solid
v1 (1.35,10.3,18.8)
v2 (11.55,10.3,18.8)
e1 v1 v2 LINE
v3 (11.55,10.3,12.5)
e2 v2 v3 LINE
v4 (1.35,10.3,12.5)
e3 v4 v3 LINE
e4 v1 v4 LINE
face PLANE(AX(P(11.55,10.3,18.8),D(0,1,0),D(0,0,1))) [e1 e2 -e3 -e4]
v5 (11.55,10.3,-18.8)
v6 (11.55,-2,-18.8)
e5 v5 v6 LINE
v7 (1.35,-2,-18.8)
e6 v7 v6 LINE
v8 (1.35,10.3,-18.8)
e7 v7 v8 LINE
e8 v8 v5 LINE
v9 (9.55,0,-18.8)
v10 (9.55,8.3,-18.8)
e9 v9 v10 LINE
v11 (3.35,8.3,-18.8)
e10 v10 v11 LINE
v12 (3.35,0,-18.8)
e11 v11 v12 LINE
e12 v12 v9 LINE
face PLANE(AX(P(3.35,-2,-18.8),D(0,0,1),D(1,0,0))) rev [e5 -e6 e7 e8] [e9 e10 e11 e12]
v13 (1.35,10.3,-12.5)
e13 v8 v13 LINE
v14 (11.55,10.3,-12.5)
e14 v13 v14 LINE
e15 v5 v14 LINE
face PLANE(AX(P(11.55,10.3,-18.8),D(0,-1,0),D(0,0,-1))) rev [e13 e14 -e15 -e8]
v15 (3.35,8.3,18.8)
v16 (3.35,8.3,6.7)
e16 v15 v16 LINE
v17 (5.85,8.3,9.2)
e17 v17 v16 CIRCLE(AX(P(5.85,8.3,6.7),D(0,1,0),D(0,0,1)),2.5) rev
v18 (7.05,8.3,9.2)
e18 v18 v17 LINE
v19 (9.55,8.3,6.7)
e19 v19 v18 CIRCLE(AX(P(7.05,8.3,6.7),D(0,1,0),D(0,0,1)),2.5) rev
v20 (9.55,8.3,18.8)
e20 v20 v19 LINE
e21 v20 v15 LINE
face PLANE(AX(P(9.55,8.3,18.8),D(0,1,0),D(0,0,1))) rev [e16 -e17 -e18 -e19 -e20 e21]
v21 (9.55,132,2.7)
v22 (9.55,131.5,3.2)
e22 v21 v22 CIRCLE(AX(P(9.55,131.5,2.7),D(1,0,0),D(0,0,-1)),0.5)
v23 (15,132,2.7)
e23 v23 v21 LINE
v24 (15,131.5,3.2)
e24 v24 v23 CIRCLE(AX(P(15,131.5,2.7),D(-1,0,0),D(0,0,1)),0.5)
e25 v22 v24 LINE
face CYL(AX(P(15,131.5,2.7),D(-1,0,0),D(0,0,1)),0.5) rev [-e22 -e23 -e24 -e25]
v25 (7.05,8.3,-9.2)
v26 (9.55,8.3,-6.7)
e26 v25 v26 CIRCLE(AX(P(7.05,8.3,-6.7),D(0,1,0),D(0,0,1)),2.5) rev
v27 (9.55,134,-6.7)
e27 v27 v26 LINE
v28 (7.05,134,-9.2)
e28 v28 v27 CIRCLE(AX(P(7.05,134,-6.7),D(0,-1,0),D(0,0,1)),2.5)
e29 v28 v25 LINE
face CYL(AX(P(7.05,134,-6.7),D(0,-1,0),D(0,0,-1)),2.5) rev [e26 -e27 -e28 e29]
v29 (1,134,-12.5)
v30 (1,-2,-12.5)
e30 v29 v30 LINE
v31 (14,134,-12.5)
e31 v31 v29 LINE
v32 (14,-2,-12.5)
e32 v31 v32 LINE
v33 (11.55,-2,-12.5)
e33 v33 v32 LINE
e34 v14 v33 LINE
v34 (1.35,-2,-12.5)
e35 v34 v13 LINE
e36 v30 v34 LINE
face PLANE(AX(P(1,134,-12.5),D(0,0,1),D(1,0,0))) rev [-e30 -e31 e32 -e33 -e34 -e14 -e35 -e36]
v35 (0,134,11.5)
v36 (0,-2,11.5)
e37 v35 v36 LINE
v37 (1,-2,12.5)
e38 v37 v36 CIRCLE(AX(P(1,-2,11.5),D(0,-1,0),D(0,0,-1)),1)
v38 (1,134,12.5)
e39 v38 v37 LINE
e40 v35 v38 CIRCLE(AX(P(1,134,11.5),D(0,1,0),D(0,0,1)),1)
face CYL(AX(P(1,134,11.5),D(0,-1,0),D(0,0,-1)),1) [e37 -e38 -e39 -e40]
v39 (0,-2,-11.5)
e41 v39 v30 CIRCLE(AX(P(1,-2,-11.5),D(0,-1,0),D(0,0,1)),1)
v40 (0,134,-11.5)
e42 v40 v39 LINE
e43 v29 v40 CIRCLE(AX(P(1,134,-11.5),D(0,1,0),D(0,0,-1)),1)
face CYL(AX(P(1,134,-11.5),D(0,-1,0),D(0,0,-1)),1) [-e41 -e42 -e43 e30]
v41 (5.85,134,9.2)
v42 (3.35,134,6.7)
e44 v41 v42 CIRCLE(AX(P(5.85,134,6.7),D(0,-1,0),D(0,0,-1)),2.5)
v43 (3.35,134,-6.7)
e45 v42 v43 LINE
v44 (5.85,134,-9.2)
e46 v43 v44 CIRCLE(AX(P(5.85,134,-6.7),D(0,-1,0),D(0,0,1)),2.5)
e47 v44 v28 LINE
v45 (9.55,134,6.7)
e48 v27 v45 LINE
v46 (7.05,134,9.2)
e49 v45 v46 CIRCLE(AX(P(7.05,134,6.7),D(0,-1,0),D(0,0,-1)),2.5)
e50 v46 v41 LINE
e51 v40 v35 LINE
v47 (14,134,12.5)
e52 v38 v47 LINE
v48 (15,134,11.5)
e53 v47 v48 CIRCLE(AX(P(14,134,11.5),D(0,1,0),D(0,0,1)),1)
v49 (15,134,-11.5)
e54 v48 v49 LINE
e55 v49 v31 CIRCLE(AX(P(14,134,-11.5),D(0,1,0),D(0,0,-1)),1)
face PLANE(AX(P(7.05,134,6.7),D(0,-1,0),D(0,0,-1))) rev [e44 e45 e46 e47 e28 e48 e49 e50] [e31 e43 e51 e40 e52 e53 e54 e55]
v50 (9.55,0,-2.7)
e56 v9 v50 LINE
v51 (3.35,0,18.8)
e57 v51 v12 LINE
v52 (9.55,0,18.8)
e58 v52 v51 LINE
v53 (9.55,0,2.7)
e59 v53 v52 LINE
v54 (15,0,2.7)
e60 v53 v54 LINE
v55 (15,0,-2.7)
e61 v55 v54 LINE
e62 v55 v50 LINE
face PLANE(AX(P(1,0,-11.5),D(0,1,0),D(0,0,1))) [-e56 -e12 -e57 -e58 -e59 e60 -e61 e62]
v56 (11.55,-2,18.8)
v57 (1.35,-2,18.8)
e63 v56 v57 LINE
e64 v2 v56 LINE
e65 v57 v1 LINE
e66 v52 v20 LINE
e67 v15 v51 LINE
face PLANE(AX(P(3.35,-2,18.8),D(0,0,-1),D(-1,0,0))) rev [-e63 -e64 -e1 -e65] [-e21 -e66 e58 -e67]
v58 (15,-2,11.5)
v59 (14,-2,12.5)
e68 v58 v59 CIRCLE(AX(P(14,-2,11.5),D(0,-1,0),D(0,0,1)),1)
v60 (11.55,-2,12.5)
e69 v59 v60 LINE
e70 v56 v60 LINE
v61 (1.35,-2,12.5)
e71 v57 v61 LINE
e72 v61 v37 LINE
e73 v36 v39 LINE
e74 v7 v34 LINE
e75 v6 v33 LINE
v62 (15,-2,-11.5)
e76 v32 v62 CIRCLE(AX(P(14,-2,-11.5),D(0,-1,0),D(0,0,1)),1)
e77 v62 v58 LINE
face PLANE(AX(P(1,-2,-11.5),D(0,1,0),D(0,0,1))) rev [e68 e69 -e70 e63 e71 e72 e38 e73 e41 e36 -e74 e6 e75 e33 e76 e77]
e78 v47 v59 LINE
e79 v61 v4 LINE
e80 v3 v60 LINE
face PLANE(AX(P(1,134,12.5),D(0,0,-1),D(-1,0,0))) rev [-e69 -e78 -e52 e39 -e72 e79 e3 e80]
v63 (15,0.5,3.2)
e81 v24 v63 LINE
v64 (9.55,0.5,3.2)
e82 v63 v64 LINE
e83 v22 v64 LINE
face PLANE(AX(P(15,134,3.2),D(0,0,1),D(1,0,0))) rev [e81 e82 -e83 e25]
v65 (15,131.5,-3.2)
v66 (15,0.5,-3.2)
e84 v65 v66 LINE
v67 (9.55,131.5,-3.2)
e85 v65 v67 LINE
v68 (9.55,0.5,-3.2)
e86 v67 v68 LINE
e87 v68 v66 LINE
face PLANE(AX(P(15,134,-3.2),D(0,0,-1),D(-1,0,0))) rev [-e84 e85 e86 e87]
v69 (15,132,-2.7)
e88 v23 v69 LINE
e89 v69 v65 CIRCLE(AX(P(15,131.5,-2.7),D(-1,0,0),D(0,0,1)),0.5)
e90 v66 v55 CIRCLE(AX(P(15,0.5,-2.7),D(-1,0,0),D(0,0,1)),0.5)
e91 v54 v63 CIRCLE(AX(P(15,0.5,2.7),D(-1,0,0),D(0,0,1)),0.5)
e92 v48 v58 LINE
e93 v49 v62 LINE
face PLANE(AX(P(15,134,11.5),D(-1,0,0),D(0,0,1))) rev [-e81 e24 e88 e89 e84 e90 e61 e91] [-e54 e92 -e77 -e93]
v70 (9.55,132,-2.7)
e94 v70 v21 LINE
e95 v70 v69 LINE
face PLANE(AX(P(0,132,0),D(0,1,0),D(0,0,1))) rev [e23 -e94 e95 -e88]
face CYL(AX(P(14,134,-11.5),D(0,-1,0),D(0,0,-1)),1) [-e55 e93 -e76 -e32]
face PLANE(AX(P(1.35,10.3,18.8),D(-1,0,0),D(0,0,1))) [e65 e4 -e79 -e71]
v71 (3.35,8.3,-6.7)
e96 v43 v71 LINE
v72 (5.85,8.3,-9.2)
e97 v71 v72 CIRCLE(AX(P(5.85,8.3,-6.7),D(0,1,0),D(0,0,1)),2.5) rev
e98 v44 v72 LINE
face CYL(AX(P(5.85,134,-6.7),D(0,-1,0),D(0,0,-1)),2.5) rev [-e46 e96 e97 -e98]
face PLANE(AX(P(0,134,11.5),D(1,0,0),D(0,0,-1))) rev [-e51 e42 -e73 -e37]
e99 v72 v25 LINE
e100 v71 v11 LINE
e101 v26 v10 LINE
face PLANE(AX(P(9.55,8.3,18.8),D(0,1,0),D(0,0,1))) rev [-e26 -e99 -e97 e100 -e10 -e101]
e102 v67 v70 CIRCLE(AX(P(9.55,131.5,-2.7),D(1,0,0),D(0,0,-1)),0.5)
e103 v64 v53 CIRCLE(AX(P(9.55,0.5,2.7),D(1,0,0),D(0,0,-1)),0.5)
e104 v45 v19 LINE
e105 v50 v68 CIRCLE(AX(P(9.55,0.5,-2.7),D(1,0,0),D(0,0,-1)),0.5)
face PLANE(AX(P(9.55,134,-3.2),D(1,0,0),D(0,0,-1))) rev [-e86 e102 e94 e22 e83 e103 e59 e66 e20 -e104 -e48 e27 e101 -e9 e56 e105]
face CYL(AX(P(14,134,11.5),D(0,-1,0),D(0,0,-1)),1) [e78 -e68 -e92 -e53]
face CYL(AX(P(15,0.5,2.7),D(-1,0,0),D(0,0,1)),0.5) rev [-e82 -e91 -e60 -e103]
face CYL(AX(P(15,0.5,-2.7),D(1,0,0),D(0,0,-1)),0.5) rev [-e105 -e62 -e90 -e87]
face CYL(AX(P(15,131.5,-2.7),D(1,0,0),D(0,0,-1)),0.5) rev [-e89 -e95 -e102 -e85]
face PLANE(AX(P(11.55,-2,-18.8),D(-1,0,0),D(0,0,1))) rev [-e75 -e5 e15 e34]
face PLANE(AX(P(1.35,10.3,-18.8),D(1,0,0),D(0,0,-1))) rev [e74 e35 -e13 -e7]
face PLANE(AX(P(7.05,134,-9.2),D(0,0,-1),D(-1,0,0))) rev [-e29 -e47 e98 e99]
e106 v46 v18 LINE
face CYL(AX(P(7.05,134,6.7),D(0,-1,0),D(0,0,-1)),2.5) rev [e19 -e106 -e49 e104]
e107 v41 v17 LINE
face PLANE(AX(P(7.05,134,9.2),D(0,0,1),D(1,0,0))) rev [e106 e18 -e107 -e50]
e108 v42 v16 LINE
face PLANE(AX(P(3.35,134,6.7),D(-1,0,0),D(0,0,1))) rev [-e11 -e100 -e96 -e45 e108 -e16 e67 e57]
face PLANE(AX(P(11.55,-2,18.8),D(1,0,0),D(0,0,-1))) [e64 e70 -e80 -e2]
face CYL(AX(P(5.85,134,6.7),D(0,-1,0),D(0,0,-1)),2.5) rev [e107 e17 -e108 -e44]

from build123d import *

# Parameters (mm, degrees)
BOSS_EXTRUDE2_DEPTH  = 134
BOSS_EXTRUDE3_DEPTH  = 2
SKETCH18_W           = 5.45
SKETCH18_H           = 6.4
BOSS_EXTRUDE10_DEPTH = 2
FILLET1_R            = 0.5
FILLET2_R            = 0.5
SKETCH45_W           = 6.2
SKETCH45_H           = 8.3
CUT_EXTRUDE6_DEPTH   = 32.3
BOSS_EXTRUDE11_DEPTH = 6.3


with BuildPart() as part:
    # Sketch3 → Boss-Extrude2 (new body)
    with BuildSketch(Plane(origin=(0, 0, 0), x_dir=(1, 0, 0), z_dir=(0, 1, 0))):
        with BuildLine():
            Line((0, -11.5), (0, 11.5))
            ThreePointArc((0, 11.5), (0.292893219, 12.207106781), (1, 12.5))
            Line((1, 12.5), (14, 12.5))
            ThreePointArc((14, 12.5), (14.707106781, 12.207106781), (15, 11.5))
            Line((15, 11.5), (15, 3.2))
            Line((15, 3.2), (9.55, 3.2))
            Line((9.55, 3.2), (9.55, 6.7))
            ThreePointArc((9.55, 6.7), (8.817766953, 8.467766953), (7.05, 9.2))
            Line((7.05, 9.2), (5.85, 9.2))
            ThreePointArc((5.85, 9.2), (4.082233047, 8.467766953), (3.35, 6.7))
            Line((3.35, 6.7), (3.35, -6.7))
            ThreePointArc((3.35, -6.7), (4.082233047, -8.467766953), (5.85, -9.2))
            Line((5.85, -9.2), (7.05, -9.2))
            ThreePointArc((7.05, -9.2), (8.817766953, -8.467766953), (9.55, -6.7))
            Line((9.55, -6.7), (9.55, -3.2))
            Line((9.55, -3.2), (15, -3.2))
            Line((15, -3.2), (15, -11.5))
            ThreePointArc((15, -11.5), (14.707106781, -12.207106781), (14, -12.5))
            Line((14, -12.5), (1, -12.5))
            ThreePointArc((1, -12.5), (0.292893219, -12.207106781), (0, -11.5))
        make_face()
    extrude(amount=BOSS_EXTRUDE2_DEPTH)

    # Sketch6 → Boss-Extrude3 (add)
    with BuildSketch(Plane.XZ):
        with BuildLine():
            Line((1, 12.5), (3.35, 12.5))
            Line((3.35, 12.5), (3.35, 18.8))
            Line((3.35, 18.8), (9.55, 18.8))
            Line((9.55, 18.8), (9.55, 12.5))
            Line((9.55, 12.5), (14, 12.5))
            ThreePointArc((14, 12.5), (14.707106781, 12.207106781), (15, 11.5))
            Line((15, 11.5), (15, -11.5))
            ThreePointArc((15, -11.5), (14.707106781, -12.207106781), (14, -12.5))
            Line((14, -12.5), (9.55, -12.5))
            Line((9.55, -12.5), (9.55, -18.8))
            Line((9.55, -18.8), (3.35, -18.8))
            Line((3.35, -18.8), (3.35, -12.5))
            Line((3.35, -12.5), (1, -12.5))
            ThreePointArc((1, -12.5), (0.292893219, -12.207106781), (0, -11.5))
            Line((0, -11.5), (0, 11.5))
            ThreePointArc((0, 11.5), (0.292893219, 12.207106781), (1, 12.5))
        make_face()
    extrude(amount=BOSS_EXTRUDE3_DEPTH)

    # Sketch18 → Boss-Extrude10 (add)
    with BuildSketch(Plane(origin=(0, 134, 0), x_dir=(1, 0, 0), z_dir=(0, 1, 0))):
        with Locations((12.275, 0)):
            Rectangle(SKETCH18_W, SKETCH18_H)
    extrude(amount=-BOSS_EXTRUDE10_DEPTH)

    # Fillet1
    fillet1_edges = [part.edges().sort_by_distance(p)[0] for p in [
        (12.275, 132, 3.2),
    ]]
    fillet(fillet1_edges, radius=FILLET1_R)

    # Fillet2
    fillet2_edges = [part.edges().sort_by_distance(p)[0] for p in [
        (12.275, 132, -3.2),
        (12.275, 0, -3.2),
        (12.275, 0, 3.2),
    ]]
    fillet(fillet2_edges, radius=FILLET2_R)

    # Sketch45 → Cut-Extrude6 (cut, through all)
    with BuildSketch(Plane(origin=(0, 0, -12.5), x_dir=(-1, 0, 0), z_dir=(0, 0, -1))):
        with Locations((-6.45, 4.15)):
            Rectangle(SKETCH45_W, SKETCH45_H)
    extrude(amount=-CUT_EXTRUDE6_DEPTH, mode=Mode.SUBTRACT)

    # Sketch46 → Boss-Extrude11 (add)
    with BuildSketch(Plane(origin=(0, 0, -12.5), x_dir=(-1, 0, 0), z_dir=(0, 0, -1))):
        Polygon((-9.55, -2), (-9.55, 8.3), (-3.35, 8.3), (-3.35, -2), (-1.35, -2), (-1.35, 10.3), (-11.55, 10.3), (-11.55, -2), align=None)
    boss_extrude11 = extrude(amount=BOSS_EXTRUDE11_DEPTH)

    # Mirror1: Boss-Extrude11 across plane
    add(boss_extrude11.mirror(Plane(origin=(0, 0, 0), x_dir=(1, 0, 0), z_dir=(0, 0, -1))))


solid = part.part
